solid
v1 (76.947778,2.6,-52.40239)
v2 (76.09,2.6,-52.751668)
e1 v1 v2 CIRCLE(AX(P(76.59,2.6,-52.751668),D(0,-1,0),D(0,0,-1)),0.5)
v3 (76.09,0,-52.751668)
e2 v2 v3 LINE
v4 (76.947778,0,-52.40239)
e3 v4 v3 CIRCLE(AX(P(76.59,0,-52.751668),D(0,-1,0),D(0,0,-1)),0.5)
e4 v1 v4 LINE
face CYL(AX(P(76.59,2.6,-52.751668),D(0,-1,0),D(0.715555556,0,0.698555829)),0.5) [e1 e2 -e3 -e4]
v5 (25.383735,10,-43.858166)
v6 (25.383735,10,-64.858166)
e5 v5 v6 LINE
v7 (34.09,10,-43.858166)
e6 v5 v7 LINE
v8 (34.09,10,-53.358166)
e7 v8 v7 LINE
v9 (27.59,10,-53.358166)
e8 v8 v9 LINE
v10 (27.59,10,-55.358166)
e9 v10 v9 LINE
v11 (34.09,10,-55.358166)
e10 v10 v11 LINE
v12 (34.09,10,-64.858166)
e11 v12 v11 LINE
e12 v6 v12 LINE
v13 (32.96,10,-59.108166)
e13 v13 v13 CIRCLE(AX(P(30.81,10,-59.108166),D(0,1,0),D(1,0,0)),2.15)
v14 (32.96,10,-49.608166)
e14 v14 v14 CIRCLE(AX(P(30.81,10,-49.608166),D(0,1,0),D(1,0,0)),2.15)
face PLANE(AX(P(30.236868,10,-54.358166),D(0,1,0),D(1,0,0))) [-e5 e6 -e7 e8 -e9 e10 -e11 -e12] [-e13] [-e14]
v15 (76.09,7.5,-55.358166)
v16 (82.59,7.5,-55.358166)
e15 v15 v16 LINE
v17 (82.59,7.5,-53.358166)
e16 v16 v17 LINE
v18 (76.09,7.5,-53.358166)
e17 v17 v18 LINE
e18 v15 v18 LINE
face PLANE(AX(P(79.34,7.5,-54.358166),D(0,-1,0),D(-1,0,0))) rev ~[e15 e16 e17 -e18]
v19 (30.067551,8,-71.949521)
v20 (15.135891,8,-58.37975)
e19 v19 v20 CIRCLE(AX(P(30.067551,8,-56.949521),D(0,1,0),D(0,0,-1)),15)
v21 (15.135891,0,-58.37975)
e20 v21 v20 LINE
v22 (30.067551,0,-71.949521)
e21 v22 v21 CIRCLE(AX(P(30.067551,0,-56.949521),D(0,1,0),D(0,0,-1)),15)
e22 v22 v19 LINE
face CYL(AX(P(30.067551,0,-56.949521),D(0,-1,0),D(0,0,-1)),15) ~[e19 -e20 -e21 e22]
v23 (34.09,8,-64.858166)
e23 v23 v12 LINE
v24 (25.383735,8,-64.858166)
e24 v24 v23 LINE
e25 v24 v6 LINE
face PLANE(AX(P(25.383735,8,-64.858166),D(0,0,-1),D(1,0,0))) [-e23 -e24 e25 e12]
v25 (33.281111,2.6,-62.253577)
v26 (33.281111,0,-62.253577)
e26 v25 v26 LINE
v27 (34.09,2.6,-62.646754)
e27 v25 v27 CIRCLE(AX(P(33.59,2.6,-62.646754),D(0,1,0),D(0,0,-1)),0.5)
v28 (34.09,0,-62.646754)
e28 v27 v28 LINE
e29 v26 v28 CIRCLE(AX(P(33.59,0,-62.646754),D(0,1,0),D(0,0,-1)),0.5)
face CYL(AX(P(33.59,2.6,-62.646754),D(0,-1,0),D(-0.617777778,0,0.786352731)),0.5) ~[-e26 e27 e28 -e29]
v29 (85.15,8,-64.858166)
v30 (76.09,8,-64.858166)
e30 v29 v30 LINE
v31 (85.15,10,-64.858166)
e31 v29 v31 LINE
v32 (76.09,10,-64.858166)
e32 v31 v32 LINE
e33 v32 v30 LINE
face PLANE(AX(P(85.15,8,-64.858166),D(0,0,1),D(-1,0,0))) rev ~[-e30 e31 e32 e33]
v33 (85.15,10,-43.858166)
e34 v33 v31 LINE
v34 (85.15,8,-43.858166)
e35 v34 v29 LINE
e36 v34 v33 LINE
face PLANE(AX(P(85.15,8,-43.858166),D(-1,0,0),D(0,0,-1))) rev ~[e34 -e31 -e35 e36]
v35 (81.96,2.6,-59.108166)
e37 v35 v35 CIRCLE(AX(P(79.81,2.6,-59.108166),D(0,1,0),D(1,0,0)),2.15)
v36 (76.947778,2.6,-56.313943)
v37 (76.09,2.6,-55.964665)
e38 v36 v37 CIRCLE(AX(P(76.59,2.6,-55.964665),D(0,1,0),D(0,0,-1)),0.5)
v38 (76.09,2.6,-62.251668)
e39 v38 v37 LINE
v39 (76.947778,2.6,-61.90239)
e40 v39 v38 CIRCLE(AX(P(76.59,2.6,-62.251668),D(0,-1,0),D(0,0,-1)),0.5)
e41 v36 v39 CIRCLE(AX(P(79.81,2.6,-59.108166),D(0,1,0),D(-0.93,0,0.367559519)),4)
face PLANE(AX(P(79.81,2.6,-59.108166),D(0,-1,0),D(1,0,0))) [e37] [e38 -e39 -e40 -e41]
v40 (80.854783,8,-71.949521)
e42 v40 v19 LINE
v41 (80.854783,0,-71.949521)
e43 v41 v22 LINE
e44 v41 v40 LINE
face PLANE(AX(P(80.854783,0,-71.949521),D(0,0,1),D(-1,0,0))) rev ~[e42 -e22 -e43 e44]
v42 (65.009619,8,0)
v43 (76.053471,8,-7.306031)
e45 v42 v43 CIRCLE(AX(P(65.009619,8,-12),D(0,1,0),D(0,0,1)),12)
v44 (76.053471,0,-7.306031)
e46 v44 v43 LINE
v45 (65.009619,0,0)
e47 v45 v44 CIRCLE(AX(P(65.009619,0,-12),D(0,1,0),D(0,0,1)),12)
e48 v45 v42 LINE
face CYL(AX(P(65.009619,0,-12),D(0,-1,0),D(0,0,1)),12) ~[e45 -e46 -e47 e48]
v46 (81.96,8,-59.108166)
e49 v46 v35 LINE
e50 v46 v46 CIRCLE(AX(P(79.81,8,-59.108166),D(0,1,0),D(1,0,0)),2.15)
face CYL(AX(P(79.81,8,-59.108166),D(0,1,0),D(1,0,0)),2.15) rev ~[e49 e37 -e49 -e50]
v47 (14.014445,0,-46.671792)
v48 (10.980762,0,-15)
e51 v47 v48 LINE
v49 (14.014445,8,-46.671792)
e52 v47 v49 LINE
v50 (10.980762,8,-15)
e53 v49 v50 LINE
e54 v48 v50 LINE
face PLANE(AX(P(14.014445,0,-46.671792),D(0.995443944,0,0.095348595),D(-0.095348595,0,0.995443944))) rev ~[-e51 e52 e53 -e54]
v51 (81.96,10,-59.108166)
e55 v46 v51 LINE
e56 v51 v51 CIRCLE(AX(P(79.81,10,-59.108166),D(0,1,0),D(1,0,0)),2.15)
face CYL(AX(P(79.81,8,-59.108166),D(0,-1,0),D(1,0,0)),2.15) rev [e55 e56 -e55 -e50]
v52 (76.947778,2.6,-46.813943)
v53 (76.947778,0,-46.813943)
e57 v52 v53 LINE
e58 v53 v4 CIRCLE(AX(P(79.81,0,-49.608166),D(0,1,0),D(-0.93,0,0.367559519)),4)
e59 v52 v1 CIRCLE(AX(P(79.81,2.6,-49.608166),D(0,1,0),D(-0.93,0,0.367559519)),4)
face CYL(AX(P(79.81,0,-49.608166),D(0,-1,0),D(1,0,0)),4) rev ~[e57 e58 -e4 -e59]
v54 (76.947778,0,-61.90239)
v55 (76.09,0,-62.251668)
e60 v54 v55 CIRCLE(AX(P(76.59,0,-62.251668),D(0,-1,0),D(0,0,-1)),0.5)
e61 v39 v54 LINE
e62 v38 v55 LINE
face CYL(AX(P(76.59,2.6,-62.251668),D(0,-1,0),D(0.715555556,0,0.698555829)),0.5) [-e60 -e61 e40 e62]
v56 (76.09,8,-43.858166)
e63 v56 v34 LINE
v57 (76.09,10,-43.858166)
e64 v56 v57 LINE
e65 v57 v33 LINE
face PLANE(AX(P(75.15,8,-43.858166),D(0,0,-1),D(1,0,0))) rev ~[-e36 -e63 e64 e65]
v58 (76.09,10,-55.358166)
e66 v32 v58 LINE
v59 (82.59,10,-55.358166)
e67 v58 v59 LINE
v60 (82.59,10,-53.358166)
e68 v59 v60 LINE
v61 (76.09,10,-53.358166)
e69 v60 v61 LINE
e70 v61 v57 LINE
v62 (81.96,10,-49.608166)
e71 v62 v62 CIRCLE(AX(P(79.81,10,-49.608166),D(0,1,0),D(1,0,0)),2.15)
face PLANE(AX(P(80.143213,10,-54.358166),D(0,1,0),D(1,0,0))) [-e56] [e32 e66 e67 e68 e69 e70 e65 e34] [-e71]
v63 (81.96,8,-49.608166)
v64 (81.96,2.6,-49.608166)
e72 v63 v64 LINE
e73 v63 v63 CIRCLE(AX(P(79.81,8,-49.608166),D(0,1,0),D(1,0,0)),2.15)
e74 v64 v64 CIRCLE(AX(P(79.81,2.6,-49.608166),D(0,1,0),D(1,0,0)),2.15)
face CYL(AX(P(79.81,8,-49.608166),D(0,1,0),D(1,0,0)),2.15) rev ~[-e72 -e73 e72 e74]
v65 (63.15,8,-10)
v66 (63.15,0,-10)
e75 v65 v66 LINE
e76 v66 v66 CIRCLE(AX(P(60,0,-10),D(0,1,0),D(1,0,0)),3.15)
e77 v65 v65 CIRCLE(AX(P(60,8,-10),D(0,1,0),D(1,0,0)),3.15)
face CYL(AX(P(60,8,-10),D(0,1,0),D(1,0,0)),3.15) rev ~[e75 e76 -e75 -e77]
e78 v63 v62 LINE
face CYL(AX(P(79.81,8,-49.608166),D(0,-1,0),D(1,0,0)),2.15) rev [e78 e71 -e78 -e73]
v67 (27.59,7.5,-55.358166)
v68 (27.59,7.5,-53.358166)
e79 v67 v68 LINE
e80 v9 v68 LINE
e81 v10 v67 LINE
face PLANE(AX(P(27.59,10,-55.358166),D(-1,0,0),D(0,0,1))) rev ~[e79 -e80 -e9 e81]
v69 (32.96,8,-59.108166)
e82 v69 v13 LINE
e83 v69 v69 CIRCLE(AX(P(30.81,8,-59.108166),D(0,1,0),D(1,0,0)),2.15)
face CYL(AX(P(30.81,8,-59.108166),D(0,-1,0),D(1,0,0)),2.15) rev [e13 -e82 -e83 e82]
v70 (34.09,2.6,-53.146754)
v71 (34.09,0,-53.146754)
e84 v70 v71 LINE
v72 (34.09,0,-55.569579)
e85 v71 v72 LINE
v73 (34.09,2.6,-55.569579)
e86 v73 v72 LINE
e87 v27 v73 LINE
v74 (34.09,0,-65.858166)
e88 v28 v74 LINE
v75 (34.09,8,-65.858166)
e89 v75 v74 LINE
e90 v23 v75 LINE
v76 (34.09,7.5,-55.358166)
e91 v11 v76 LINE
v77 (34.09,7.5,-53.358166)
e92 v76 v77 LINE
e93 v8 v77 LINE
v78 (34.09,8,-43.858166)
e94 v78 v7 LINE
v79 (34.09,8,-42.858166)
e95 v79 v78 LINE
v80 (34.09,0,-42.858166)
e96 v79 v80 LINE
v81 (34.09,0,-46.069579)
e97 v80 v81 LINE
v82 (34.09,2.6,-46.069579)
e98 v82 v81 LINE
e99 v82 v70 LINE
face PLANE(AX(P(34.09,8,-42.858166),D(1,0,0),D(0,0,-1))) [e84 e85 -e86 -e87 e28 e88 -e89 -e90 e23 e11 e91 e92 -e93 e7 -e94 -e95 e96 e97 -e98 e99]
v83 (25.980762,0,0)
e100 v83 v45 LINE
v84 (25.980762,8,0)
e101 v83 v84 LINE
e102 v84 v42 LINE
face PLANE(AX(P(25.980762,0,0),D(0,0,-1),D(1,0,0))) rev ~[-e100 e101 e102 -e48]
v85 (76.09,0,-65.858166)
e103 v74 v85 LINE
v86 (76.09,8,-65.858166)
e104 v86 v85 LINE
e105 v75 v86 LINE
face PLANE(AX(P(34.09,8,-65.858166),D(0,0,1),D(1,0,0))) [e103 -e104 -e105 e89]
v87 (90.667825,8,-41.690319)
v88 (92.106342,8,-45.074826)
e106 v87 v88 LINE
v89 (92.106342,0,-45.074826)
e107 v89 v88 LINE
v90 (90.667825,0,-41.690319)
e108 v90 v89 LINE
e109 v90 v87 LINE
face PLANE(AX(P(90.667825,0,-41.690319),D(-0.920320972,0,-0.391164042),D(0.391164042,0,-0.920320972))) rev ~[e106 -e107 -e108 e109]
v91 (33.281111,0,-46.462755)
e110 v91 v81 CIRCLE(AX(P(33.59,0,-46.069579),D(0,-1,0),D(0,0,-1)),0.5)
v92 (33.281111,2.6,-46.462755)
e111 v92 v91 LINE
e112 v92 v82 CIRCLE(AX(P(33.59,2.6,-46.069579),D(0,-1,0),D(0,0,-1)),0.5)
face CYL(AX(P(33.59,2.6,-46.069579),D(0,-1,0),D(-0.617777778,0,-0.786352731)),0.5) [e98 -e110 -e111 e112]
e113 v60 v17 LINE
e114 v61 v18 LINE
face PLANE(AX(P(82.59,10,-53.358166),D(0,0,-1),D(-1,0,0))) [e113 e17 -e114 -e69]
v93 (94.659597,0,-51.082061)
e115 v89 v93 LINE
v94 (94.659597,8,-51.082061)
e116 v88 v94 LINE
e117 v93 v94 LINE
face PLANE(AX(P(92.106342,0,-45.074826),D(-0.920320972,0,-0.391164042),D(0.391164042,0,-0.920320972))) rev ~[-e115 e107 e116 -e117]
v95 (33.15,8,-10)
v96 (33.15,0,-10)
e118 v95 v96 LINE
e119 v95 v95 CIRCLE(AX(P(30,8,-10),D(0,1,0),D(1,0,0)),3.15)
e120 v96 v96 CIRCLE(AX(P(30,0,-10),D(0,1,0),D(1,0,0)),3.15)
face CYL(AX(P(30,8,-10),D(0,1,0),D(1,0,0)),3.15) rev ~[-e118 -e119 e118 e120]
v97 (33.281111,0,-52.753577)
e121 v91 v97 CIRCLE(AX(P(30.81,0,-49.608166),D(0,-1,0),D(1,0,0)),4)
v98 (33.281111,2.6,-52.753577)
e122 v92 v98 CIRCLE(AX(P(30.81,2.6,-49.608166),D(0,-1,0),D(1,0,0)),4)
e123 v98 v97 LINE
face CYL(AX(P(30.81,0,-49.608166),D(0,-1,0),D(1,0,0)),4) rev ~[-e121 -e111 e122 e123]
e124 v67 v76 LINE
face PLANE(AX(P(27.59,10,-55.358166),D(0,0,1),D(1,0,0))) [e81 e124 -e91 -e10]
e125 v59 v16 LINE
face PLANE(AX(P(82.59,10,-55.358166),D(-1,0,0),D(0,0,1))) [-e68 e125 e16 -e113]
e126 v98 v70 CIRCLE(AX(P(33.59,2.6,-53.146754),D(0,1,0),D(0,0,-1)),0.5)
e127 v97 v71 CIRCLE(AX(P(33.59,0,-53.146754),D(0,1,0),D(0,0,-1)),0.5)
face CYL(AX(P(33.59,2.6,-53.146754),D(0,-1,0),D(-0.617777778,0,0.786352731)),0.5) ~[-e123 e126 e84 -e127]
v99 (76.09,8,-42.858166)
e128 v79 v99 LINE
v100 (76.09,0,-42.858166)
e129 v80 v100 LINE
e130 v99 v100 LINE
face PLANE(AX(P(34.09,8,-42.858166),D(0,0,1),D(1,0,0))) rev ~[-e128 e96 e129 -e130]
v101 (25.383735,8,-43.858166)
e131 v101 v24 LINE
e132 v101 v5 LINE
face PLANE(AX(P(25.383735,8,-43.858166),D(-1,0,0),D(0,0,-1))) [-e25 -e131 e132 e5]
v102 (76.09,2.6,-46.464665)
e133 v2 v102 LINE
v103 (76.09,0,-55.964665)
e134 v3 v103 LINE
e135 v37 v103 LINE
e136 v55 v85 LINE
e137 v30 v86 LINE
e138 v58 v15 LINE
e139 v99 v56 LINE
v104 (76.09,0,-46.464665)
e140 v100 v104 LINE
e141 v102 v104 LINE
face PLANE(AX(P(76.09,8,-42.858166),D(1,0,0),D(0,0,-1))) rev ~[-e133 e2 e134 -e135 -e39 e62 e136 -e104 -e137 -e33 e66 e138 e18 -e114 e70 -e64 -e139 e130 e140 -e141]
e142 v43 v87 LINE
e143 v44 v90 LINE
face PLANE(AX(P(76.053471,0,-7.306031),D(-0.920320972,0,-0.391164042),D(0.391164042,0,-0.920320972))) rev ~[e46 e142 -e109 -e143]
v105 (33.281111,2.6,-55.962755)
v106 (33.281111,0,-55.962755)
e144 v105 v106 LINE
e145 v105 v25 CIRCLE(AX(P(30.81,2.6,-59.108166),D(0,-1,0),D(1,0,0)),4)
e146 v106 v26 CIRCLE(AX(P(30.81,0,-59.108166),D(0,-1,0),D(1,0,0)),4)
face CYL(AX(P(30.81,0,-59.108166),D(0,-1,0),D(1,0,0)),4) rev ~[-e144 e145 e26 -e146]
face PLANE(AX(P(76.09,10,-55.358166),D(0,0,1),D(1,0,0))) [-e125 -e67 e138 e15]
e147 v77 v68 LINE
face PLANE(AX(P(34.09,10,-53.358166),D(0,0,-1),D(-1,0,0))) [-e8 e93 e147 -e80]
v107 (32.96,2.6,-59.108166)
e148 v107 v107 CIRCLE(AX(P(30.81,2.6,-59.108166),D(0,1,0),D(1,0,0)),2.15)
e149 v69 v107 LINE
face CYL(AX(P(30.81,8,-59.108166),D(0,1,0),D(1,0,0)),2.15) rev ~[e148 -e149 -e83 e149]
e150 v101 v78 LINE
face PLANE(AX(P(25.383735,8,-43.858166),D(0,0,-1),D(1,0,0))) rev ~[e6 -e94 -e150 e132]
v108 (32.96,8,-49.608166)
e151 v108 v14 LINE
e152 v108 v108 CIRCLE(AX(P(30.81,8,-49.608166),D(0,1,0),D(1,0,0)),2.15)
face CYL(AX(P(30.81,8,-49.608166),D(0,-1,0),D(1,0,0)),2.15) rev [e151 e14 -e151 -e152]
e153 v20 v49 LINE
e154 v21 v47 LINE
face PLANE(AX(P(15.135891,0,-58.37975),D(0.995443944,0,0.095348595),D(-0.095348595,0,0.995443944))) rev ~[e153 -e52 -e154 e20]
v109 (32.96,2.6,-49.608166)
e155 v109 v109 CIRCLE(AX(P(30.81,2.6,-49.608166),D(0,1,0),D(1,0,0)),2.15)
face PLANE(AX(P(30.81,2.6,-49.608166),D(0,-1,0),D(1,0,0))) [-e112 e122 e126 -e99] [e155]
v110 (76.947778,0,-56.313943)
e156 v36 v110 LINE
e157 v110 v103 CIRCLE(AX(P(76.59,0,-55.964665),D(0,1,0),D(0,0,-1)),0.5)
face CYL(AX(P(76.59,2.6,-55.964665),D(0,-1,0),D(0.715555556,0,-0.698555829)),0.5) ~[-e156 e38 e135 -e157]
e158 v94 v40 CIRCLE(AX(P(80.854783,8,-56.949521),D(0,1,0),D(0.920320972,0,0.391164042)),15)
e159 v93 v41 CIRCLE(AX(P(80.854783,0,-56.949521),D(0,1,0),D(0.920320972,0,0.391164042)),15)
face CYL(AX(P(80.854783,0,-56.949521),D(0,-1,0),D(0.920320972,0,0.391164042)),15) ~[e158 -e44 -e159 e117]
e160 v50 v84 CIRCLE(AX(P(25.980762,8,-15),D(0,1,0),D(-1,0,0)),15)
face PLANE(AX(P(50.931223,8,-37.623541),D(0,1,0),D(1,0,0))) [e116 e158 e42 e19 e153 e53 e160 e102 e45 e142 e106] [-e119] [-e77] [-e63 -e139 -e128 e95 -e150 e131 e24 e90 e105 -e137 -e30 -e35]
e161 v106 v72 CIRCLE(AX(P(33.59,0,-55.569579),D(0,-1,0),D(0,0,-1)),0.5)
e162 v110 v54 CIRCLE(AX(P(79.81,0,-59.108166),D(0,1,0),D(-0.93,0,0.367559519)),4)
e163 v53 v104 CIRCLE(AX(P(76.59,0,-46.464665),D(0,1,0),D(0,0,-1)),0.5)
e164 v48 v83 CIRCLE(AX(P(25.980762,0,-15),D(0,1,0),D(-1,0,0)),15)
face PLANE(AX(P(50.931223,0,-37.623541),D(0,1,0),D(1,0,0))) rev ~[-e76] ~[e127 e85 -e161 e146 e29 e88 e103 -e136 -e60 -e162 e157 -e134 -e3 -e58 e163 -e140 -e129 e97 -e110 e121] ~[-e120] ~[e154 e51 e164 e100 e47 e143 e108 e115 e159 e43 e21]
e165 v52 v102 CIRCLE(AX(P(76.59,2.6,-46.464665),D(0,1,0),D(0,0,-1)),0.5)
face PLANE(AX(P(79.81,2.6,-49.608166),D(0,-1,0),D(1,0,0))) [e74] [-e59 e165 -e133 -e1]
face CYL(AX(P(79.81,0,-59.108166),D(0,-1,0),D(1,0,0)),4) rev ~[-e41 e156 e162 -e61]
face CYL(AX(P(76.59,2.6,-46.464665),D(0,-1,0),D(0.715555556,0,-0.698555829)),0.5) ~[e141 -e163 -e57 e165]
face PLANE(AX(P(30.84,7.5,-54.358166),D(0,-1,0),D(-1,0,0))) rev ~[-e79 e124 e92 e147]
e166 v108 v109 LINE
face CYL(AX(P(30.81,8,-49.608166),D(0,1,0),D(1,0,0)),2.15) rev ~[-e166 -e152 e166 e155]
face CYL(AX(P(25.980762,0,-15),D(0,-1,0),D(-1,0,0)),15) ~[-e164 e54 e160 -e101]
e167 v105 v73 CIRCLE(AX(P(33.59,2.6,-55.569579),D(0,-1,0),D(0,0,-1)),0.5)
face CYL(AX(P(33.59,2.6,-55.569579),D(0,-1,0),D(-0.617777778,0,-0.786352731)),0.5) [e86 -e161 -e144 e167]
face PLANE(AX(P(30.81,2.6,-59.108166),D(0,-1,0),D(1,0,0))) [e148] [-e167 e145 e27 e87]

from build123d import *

# Parameters (mm, degrees)
BOSS_EXTRUDE1_DEPTH     = 8
SKETCH2_R               = 3.15
CUT_EXTRUDE1_DEPTH      = 8
SKETCH3_W               = 9.706264803
SKETCH3_H               = 21
SKETCH3_R               = 2.15
BOSS_EXTRUDE3_DEPTH     = 2
SKETCH4_W               = 42
SKETCH4_H               = 23
CUT_EXTRUDE4_DEPTH      = 16
CUT_EXTRUDE4_DEPTH_BACK = 16
CUT_EXTRUDE5_DEPTH      = 2.5
SKETCH8_R               = 2.15
CUT_EXTRUDE8_DEPTH      = 21.6
SKETCH9_R               = 4
CUT_EXTRUDE9_DEPTH      = 2.6
FILLET2_R               = 0.5


with BuildPart() as part:
    # Sketch1 → Boss-Extrude1 (new body)
    with BuildSketch(Plane(origin=(0, 0, 0), x_dir=(1, 0, 0), z_dir=(0, 1, 0))):
        with BuildLine():
            ThreePointArc((10.980762114, 15), (15.374160396, 4.393398282), (25.980762114, 0))
            Line((25.980762114, 0), (65.009618943, 0))
            ThreePointArc((65.009618943, 0), (71.630509288, 1.991812799), (76.05347061, 7.306031492))
            Line((76.05347061, 7.306031492), (90.667824887, 41.690318597))
            Line((90.667824887, 41.690318597), (92.106342015, 45.074825706))
            Line((92.106342015, 45.074825706), (94.659597169, 51.082060554))
            ThreePointArc((94.659597169, 51.082060554), (93.365016587, 65.225634119), (80.854782585, 71.949521188))
            Line((80.854782585, 71.949521188), (30.067550518, 71.949521188))
            ThreePointArc((30.067550518, 71.949521188), (19.979275987, 68.05027418), (15.13589136, 58.37975012))
            Line((15.13589136, 58.37975012), (14.014444666, 46.671792448))
            Line((14.014444666, 46.671792448), (10.980762114, 15))
        make_face()
    extrude(amount=BOSS_EXTRUDE1_DEPTH)

    # Sketch2 → Cut-Extrude1 (cut)
    with BuildSketch(Plane(origin=(0, 8, 0), x_dir=(1, 0, 0), z_dir=(0, 1, 0))):
        with Locations((30, 10)):
            Circle(SKETCH2_R)
        with Locations((60, 10)):
            Circle(SKETCH2_R)
    extrude(amount=-CUT_EXTRUDE1_DEPTH, mode=Mode.SUBTRACT)

    # Sketch3 → Boss-Extrude3 (add)
    with BuildSketch(Plane(origin=(0, 8, 0), x_dir=(1, 0, 0), z_dir=(0, 1, 0))):
        with Locations((30.236867599, 54.358166274)):
            Rectangle(SKETCH3_W, SKETCH3_H)
        with Locations((30.81, 49.608166274)):
            Circle(SKETCH3_R, mode=Mode.SUBTRACT)
        with Locations((30.81, 59.108166274)):
            Circle(SKETCH3_R, mode=Mode.SUBTRACT)
        Polygon((75.15, 43.858166274), (85.15, 43.858166274), (85.15, 62.709957967), (85.15, 64.858166274), (75.15, 64.858166274), (75.11, 54.358166274), align=None)
        with Locations((79.81, 49.608166274)):
            Circle(SKETCH3_R, mode=Mode.SUBTRACT)
        with Locations((79.81, 59.108166274)):
            Circle(SKETCH3_R, mode=Mode.SUBTRACT)
    extrude(amount=BOSS_EXTRUDE3_DEPTH)

    # Sketch4 → Cut-Extrude4 (cut, two sides)
    with BuildSketch(Plane(origin=(0, 8, 0), x_dir=(1, 0, 0), z_dir=(0, 1, 0))) as cut_extrude4_sk:
        with Locations((55.09, 54.358166274)):
            Rectangle(SKETCH4_W, SKETCH4_H)
    extrude(amount=CUT_EXTRUDE4_DEPTH, mode=Mode.SUBTRACT)
    extrude(cut_extrude4_sk.sketch, amount=-CUT_EXTRUDE4_DEPTH_BACK, mode=Mode.SUBTRACT)

    # Sketch5 → Cut-Extrude5 (cut)
    with BuildSketch(Plane(origin=(0, 10, 0), x_dir=(1, 0, 0), z_dir=(0, 1, 0))):
        Polygon((76.09, 54.358166274), (76.09, 55.358166274), (82.59, 55.358166274), (82.59, 53.358166274), (76.09, 53.358166274), align=None)
        Polygon((27.59, 54.358166274), (27.59, 55.358166274), (34.09, 55.358166274), (34.09, 53.358166274), (27.59, 53.358166274), align=None)
    extrude(amount=-CUT_EXTRUDE5_DEPTH, mode=Mode.SUBTRACT)

    # Sketch8 → Cut-Extrude8 (cut)
    with BuildSketch(Plane(origin=(0, 8, 0), x_dir=(1, 0, 0), z_dir=(0, 1, 0))):
        with Locations((30.81, 49.608166274)):
            Circle(SKETCH8_R)
        with Locations((30.81, 59.108166274)):
            Circle(SKETCH8_R)
        with Locations((79.81, 59.108166274)):
            Circle(SKETCH8_R)
        with Locations((79.81, 49.608166274)):
            Circle(SKETCH8_R)
    extrude(amount=-CUT_EXTRUDE8_DEPTH, mode=Mode.SUBTRACT)

    # Sketch9 → Cut-Extrude9 (cut)
    with BuildSketch(Plane.XZ):
        with Locations((30.81, -59.108166274)):
            Circle(SKETCH9_R)
        with Locations((30.81, -49.608166274)):
            Circle(SKETCH9_R)
        with Locations((79.81, -59.108166274)):
            Circle(SKETCH9_R)
        with Locations((79.81, -49.608166274)):
            Circle(SKETCH9_R)
    extrude(amount=-CUT_EXTRUDE9_DEPTH, mode=Mode.SUBTRACT)

    # Fillet2
    fillet2_edges = [part.edges().sort_by_distance(p)[0] for p in [
        (76.09, 1.3, -51.07840435),
        (76.09, 1.3, -48.137928198),
        (76.09, 1.3, -60.57840435),
        (76.09, 1.3, -57.637928198),
        (34.09, 1.3, -56.818712191),
        (34.09, 1.3, -61.397620358),
        (34.09, 1.3, -47.318712191),
        (34.09, 1.3, -51.897620358),
    ]]
    fillet(fillet2_edges, radius=FILLET2_R)


solid = part.part
